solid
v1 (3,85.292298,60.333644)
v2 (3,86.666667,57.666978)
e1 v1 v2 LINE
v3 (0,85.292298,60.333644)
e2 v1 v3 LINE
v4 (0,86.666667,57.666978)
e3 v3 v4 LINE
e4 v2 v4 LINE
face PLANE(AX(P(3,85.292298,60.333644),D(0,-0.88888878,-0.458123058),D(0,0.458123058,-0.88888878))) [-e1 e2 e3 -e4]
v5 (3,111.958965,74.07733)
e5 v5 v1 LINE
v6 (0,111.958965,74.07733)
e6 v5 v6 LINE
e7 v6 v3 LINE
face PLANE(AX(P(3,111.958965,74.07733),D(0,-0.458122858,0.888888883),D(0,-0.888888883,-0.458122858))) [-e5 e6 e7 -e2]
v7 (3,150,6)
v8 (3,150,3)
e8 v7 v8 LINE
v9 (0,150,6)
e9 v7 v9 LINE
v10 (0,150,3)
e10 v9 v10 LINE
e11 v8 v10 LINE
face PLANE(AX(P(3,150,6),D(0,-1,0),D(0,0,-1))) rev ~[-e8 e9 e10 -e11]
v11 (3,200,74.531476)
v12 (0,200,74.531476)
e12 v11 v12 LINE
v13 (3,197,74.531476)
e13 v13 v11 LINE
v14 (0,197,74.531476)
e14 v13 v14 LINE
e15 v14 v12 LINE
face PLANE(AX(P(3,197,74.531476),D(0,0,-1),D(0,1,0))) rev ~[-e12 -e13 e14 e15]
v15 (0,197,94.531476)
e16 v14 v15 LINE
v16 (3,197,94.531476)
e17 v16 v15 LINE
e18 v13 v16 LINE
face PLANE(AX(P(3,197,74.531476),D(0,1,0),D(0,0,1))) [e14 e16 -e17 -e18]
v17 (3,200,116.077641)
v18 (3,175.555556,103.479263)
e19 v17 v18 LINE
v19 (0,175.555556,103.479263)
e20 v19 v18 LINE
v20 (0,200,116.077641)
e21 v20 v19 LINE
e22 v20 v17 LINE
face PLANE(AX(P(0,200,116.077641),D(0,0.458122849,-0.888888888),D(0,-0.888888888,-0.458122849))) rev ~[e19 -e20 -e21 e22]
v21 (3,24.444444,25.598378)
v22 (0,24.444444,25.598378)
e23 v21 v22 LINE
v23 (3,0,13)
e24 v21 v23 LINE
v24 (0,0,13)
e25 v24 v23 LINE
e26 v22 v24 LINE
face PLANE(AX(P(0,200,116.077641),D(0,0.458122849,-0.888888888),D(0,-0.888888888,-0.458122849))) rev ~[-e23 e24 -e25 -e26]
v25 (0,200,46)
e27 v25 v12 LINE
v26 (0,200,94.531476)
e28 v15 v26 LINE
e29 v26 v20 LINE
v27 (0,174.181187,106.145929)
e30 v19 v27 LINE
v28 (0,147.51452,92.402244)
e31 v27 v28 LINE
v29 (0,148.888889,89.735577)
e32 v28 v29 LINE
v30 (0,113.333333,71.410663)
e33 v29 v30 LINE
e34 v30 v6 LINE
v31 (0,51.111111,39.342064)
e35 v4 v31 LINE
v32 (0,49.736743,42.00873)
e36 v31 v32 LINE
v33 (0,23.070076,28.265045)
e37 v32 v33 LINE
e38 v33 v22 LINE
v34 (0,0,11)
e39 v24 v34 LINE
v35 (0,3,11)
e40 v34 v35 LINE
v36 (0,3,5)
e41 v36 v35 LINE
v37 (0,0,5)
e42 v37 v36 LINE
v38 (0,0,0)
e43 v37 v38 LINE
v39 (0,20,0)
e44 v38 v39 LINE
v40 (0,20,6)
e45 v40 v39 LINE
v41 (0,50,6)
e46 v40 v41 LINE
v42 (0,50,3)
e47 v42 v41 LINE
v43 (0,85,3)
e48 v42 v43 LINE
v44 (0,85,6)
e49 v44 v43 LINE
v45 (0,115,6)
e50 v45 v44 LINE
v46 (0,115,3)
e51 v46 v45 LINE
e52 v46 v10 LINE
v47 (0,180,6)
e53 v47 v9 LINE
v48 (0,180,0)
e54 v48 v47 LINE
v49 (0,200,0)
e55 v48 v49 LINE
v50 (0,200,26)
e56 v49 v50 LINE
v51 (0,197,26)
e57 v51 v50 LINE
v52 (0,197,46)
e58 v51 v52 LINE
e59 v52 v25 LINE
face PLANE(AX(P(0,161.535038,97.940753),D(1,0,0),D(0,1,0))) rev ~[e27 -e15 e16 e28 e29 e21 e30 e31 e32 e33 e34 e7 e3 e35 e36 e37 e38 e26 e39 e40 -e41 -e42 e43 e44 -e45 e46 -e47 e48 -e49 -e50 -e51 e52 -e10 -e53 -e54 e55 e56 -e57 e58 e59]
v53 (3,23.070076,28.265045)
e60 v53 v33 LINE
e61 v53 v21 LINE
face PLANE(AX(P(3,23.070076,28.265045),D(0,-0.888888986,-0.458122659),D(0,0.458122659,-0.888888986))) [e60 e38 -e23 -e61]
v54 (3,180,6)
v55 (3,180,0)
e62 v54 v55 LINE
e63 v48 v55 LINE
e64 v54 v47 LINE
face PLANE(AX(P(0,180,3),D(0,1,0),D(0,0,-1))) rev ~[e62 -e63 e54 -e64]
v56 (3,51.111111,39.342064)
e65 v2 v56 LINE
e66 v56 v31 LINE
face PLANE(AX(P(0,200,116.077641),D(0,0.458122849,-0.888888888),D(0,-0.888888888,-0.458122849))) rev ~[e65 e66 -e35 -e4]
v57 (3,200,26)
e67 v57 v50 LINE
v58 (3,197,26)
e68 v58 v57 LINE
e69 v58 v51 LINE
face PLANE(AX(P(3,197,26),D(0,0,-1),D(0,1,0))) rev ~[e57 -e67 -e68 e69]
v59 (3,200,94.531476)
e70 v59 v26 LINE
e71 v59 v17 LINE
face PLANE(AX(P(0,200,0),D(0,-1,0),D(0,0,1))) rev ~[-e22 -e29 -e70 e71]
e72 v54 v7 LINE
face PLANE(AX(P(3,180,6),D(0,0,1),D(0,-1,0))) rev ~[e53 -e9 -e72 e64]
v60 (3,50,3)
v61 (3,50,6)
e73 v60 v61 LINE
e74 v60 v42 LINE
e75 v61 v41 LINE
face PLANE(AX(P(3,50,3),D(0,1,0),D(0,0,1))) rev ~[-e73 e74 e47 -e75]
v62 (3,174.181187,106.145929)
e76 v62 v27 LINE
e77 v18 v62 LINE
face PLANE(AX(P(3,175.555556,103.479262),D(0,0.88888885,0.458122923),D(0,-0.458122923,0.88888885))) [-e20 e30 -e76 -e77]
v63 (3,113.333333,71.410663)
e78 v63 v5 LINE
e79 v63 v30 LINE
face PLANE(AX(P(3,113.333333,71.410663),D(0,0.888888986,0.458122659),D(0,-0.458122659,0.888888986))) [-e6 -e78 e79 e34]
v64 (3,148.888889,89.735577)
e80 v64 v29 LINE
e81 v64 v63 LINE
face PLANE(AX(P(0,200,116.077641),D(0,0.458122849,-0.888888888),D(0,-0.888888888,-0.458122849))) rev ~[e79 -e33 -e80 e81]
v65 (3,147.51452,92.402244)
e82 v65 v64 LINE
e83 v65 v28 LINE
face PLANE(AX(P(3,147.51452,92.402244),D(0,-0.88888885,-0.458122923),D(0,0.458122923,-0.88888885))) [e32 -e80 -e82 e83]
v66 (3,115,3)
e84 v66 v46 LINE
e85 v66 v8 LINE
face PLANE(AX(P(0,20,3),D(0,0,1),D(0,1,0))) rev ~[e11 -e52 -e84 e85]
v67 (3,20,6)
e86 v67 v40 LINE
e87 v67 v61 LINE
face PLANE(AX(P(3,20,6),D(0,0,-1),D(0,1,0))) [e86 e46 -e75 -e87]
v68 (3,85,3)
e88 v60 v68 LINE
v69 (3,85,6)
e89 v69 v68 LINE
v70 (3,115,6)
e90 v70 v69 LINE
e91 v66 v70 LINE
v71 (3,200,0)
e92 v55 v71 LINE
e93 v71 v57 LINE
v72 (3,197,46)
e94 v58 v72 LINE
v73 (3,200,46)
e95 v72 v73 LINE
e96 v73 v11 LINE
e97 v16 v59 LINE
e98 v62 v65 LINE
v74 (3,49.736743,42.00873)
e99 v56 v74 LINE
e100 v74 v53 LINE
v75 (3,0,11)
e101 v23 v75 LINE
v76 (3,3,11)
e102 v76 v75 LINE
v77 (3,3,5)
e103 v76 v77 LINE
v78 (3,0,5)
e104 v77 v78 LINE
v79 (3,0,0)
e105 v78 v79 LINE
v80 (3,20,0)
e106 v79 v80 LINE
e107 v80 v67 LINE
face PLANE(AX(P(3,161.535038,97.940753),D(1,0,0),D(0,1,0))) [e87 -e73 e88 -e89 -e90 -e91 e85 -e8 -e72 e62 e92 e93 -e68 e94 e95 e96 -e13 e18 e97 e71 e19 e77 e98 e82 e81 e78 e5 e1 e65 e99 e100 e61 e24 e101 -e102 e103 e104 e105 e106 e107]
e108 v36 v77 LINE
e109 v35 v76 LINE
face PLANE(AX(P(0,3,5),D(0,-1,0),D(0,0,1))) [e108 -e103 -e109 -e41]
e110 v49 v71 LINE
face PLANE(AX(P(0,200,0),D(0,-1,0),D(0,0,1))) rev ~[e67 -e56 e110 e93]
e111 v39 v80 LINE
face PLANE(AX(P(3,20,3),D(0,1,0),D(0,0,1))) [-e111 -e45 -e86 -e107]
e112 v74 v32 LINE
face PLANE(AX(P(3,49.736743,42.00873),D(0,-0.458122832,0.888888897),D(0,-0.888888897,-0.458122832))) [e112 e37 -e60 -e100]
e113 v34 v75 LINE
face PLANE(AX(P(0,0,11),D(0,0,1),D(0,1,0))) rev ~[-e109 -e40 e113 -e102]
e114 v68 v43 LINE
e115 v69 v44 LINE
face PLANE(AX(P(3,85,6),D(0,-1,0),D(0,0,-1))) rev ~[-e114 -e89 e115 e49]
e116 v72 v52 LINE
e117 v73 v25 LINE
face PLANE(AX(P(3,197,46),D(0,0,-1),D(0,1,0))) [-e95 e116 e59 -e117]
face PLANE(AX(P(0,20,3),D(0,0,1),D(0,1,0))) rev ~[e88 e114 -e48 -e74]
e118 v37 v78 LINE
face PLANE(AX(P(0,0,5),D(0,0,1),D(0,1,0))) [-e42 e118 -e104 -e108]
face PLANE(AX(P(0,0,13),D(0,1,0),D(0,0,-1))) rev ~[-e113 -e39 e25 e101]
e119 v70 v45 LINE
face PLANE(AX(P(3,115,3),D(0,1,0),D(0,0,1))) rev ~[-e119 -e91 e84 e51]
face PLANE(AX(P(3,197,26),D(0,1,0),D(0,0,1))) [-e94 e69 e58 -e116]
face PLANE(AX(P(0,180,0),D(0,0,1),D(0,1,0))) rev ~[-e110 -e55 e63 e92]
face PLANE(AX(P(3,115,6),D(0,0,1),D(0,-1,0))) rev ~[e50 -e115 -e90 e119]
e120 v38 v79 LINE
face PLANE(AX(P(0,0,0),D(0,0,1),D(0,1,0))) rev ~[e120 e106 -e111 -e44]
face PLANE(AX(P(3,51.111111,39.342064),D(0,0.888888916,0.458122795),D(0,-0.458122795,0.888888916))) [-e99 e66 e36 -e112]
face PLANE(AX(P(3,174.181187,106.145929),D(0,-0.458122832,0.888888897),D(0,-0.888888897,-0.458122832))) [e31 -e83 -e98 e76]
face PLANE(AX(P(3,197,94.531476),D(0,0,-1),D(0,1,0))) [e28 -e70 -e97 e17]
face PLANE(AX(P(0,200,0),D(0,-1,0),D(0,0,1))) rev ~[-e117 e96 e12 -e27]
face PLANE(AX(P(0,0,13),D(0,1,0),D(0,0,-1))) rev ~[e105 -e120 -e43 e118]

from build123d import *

# Parameters (mm, degrees)
F1_DEPTH = 3
F2_W     = 3
F2_H     = 6
F3_DEPTH = 3.001
F4_W     = 30
F4_H     = 3
F5_DEPTH = 3.001
F6_W     = 3
F6_H     = 20
F7_DEPTH = 3.001
F9_DEPTH = 3


with BuildPart() as f1:
    # F0 (on Right) → F1 (new body)
    with BuildSketch(Plane.YZ):
        Polygon((200, 116.077641), (0, 13), (0, 0), (20, 0), (20, 3), (180, 3), (180, 0), (200, 0), (200, 13), align=None)
    extrude(amount=F1_DEPTH)

    # F2 (on Right) → F3 (cut, through all)
    with BuildSketch(Plane.YZ):
        with Locations((1.5, 8)):
            Rectangle(F2_W, F2_H)
    extrude(amount=F3_DEPTH, mode=Mode.SUBTRACT)

    # F4 (on face) → F5 (cut, through all)
    with BuildSketch(Plane.YZ.offset(3)):
        Polygon((115, 3), (115, 4.5), (115, 6), (85, 6), (85, 3), align=None)
        Polygon((180, 6), (150, 6), (150, 4.5), (150, 3), (180, 3), align=None)
        with Locations((35, 4.5)):
            Rectangle(F4_W, F4_H)
    extrude(amount=-F5_DEPTH, mode=Mode.SUBTRACT)

    # F6 (on face) → F7 (cut, through all)
    with BuildSketch(Plane.YZ.offset(3)):
        with Locations((198.5, 84.531476)):
            Rectangle(F6_W, F6_H)
        with Locations((198.5, 36)):
            Rectangle(F6_W, F6_H)
    extrude(amount=-F7_DEPTH, mode=Mode.SUBTRACT)

    # F8 (on face) → F9 (join, through all)
    with BuildSketch(Plane.YZ.offset(3)):
        Polygon((23.070076, 28.265045), (24.444444, 25.598378), (51.111111, 39.342064), (49.736743, 42.00873), align=None)
        Polygon((147.51452, 92.402244), (148.888889, 89.735577), (175.555556, 103.479262), (174.181187, 106.145929), align=None)
        Polygon((85.292298, 60.333644), (86.666667, 57.666978), (113.333333, 71.410663), (111.958965, 74.07733), align=None)
    extrude(amount=-F9_DEPTH)


solid = f1.part
